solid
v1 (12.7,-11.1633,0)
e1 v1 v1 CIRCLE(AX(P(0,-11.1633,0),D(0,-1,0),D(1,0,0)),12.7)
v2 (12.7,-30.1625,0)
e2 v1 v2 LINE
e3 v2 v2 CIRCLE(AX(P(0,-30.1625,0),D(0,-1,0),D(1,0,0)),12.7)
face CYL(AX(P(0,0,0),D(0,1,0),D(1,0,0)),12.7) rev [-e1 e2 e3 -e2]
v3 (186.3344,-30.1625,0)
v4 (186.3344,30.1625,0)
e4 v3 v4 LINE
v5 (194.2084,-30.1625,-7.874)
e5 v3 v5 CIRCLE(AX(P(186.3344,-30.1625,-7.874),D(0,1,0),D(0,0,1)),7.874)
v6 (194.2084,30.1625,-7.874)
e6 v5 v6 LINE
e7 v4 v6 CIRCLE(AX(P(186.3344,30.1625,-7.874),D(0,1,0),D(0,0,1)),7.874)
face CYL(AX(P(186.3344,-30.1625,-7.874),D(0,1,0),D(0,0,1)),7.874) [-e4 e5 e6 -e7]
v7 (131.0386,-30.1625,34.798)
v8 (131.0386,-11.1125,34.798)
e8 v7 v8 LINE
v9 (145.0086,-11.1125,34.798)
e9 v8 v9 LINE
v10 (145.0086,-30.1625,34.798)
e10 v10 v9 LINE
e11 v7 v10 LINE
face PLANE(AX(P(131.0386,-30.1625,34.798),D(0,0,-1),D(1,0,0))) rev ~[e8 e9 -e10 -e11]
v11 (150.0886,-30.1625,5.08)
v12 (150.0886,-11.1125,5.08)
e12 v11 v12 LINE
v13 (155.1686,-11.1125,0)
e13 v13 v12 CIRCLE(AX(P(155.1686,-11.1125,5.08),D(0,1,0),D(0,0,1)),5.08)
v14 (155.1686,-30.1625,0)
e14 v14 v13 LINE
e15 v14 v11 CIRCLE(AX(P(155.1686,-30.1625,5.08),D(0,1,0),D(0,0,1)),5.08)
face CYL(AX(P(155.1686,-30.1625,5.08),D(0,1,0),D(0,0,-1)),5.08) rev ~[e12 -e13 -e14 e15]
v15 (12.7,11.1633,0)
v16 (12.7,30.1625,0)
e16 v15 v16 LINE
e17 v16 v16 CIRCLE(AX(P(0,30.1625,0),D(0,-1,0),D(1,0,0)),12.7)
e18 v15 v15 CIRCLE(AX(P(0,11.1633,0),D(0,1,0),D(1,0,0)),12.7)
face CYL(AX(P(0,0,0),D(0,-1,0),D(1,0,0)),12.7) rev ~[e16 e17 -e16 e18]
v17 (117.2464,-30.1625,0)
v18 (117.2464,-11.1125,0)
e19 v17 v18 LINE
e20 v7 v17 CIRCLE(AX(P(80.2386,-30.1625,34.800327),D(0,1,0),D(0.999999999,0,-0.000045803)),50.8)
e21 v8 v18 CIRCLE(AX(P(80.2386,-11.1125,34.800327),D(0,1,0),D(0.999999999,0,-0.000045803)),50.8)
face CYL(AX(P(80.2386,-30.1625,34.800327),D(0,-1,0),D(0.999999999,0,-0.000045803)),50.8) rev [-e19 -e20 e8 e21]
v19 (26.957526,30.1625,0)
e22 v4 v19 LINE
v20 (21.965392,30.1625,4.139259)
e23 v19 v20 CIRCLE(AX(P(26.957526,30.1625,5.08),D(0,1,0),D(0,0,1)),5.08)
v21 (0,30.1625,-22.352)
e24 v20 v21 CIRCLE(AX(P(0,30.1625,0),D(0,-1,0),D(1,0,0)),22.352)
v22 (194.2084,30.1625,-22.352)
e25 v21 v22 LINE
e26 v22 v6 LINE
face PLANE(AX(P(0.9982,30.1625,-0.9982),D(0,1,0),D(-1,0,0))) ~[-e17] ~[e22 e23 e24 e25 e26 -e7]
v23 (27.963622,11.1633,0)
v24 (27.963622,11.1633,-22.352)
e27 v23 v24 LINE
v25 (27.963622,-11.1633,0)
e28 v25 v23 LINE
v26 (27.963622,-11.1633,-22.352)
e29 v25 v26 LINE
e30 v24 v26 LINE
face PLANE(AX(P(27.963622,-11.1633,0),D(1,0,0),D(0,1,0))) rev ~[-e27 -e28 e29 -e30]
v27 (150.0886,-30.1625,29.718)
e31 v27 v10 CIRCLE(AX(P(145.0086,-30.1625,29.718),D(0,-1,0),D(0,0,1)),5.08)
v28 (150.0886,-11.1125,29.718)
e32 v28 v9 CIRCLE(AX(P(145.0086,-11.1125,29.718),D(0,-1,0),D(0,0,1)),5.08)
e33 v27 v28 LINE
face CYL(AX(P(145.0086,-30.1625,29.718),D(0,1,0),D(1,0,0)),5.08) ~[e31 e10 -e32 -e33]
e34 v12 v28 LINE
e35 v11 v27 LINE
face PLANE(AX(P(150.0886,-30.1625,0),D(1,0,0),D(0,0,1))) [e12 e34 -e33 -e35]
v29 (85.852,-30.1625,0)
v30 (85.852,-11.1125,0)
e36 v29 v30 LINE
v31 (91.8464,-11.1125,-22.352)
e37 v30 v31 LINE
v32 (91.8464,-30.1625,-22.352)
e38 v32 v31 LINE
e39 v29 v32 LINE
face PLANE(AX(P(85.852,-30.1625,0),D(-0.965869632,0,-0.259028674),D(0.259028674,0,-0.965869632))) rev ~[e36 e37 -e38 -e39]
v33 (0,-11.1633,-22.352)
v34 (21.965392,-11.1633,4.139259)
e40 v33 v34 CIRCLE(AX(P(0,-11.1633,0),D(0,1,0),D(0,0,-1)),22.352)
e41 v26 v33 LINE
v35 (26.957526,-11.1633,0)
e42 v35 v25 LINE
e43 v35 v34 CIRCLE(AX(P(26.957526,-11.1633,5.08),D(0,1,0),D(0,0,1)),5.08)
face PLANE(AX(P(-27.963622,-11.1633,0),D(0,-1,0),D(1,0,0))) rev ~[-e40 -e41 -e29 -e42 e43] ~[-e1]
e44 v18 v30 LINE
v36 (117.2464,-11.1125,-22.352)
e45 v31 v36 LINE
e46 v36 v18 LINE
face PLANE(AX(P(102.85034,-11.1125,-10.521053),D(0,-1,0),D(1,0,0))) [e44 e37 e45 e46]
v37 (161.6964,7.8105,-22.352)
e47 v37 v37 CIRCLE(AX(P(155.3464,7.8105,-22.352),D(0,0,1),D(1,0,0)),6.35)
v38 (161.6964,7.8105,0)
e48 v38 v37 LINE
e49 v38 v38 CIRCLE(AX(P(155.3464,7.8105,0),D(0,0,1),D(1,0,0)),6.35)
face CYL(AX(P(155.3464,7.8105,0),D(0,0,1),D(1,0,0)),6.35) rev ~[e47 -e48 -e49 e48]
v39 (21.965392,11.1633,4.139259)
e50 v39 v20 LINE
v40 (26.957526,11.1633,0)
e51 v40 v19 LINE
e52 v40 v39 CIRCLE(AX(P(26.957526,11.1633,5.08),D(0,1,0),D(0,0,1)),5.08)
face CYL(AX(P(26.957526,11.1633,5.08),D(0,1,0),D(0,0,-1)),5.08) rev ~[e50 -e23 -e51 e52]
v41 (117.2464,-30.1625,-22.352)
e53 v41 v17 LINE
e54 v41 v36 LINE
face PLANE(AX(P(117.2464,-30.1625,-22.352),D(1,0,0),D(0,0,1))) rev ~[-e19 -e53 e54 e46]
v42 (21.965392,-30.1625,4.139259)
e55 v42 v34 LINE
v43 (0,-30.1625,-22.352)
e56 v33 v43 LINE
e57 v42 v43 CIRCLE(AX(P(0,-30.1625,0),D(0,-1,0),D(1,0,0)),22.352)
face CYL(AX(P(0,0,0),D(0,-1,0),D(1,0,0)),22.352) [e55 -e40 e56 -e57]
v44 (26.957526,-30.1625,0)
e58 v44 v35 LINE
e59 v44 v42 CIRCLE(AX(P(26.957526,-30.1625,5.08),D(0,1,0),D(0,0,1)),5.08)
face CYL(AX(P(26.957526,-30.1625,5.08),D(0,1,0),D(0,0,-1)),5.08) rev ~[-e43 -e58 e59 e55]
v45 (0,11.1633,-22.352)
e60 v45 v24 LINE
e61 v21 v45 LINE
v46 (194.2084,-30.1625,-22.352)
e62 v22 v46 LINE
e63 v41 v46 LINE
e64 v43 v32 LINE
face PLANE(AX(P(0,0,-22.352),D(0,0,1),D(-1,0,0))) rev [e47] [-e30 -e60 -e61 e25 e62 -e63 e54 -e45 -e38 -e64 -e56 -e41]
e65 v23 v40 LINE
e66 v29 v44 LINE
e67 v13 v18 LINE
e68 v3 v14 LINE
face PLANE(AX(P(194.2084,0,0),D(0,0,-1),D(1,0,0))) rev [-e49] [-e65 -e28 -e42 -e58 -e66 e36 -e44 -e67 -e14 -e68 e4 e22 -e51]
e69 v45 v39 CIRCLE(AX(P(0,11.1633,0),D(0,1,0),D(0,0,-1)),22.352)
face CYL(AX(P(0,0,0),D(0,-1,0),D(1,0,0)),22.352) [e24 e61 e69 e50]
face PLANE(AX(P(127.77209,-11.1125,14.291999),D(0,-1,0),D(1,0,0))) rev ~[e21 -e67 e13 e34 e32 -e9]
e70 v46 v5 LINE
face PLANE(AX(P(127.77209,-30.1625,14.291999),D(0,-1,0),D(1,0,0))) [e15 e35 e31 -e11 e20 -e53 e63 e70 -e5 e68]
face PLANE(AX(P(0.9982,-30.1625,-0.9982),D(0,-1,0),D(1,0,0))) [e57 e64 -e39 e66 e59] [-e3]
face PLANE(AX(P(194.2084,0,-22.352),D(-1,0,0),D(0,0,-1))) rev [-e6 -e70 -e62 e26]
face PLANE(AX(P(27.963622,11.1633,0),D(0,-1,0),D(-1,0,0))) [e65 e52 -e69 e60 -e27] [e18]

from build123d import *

# Parameters (mm, degrees)
F0_R      = 12.7
F1_DEPTH  = 30.1625
F3_W      = 5.6116215229
F3_H      = 22.3266
F3_W_2    = 50.3156215229
F4_DEPTH  = 25.4
F6_DEPTH  = 25.4
F7_R      = 6.35
F8_DEPTH  = 25.4
F9_R      = 7.874
F10_R     = 5.08
F12_DEPTH = 19.05
F13_W     = 19.05
F13_H     = 34.798
F14_DEPTH = 19.05
F15_R     = 5.08
F17_DEPTH = 19.05


with BuildPart() as f1:
    # F0 (on Front) → F1 (new body)
    with BuildSketch(Plane.XZ):
        with BuildLine():
            ThreePointArc((0, -22.352), (15.8052507731, -15.8052507731), (22.352, 0))
            ThreePointArc((22.352, 0), (-15.8052507731, 15.8052507731), (0, -22.352))
        make_face()
        Circle(F0_R, mode=Mode.SUBTRACT)
        with BuildLine():
            Line((194.2084, 0), (22.352, 0))
            ThreePointArc((22.352, 0), (15.8052507731, -15.8052507731), (0, -22.352))
            Line((0, -22.352), (194.2084, -22.352))
            Line((194.2084, -22.352), (194.2084, 0))
        make_face()
    extrude(amount=F1_DEPTH)

    # F2: F1 across plane


with BuildPart() as f1_1:
    add(f1.part)
    add(f1.part.mirror(Plane.XZ))

    # F3 (on face) → F4 (cut)
    with BuildSketch(Plane.XY):
        with Locations((25.1578107615, 0)):
            Rectangle(F3_W, F3_H)
        with Locations((-2.8058107615, 0)):
            Rectangle(F3_W_2, F3_H)
    extrude(amount=-F4_DEPTH, mode=Mode.SUBTRACT)

    # F5 (on face) → F6 (cut)
    with BuildSketch(Plane.XY):
        Polygon((-49.2868088186, -11.1633), (27.9636215229, -11.1633), (27.9636215229, 11.1633), (-41.6799448431, 11.1633), align=None)
    extrude(amount=F6_DEPTH, mode=Mode.SUBTRACT)

    # F7 (on face) → F8 (cut)
    with BuildSketch(Plane.XY):
        with Locations((155.3464, 7.8105)):
            Circle(F7_R)
    extrude(amount=-F8_DEPTH, mode=Mode.SUBTRACT)

    # F9
    f9_edges = [f1_1.edges().sort_by_distance(p)[0] for p in [
        (194.2084, 0, 0),
    ]]
    fillet(f9_edges, radius=F9_R)

    # F10
    f10_edges = [f1_1.edges().sort_by_distance(p)[0] for p in [
        (22.352, -20.6629, 0),
        (22.352, 20.6629, 0),
    ]]
    fillet(f10_edges, radius=F10_R)

    # F11 (on face) → F12 (cut)
    with BuildSketch(Plane.XZ.offset(30.1625)):
        Polygon((117.2464, 0), (85.852, 0), (91.8464, -22.352), (117.2464, -22.352), align=None)
    extrude(amount=-F12_DEPTH, mode=Mode.SUBTRACT)

    # F13 (on face) → F14 (join)
    with BuildSketch(Plane.XZ.offset(30.1625)):
        with Locations((140.5636, 17.399)):
            Rectangle(F13_W, F13_H)
    extrude(amount=-F14_DEPTH)

    # F15
    f15_edges = [f1_1.edges().sort_by_distance(p)[0] for p in [
        (150.0886, -20.6375, 0),
        (150.0886, -20.6375, 34.798),
    ]]
    fillet(f15_edges, radius=F15_R)

    # F16 (on face) → F17 (join)
    with BuildSketch(Plane.XZ.offset(30.1625)):
        with BuildLine():
            ThreePointArc((131.0386, 34.798), (127.4644153616, 16.0823576341), (117.2464, 0))
            Line((117.2464, 0), (131.0386, 0))
            Line((131.0386, 0), (131.0386, 34.798))
        make_face()
    extrude(amount=-F17_DEPTH)


solid = f1_1.part
